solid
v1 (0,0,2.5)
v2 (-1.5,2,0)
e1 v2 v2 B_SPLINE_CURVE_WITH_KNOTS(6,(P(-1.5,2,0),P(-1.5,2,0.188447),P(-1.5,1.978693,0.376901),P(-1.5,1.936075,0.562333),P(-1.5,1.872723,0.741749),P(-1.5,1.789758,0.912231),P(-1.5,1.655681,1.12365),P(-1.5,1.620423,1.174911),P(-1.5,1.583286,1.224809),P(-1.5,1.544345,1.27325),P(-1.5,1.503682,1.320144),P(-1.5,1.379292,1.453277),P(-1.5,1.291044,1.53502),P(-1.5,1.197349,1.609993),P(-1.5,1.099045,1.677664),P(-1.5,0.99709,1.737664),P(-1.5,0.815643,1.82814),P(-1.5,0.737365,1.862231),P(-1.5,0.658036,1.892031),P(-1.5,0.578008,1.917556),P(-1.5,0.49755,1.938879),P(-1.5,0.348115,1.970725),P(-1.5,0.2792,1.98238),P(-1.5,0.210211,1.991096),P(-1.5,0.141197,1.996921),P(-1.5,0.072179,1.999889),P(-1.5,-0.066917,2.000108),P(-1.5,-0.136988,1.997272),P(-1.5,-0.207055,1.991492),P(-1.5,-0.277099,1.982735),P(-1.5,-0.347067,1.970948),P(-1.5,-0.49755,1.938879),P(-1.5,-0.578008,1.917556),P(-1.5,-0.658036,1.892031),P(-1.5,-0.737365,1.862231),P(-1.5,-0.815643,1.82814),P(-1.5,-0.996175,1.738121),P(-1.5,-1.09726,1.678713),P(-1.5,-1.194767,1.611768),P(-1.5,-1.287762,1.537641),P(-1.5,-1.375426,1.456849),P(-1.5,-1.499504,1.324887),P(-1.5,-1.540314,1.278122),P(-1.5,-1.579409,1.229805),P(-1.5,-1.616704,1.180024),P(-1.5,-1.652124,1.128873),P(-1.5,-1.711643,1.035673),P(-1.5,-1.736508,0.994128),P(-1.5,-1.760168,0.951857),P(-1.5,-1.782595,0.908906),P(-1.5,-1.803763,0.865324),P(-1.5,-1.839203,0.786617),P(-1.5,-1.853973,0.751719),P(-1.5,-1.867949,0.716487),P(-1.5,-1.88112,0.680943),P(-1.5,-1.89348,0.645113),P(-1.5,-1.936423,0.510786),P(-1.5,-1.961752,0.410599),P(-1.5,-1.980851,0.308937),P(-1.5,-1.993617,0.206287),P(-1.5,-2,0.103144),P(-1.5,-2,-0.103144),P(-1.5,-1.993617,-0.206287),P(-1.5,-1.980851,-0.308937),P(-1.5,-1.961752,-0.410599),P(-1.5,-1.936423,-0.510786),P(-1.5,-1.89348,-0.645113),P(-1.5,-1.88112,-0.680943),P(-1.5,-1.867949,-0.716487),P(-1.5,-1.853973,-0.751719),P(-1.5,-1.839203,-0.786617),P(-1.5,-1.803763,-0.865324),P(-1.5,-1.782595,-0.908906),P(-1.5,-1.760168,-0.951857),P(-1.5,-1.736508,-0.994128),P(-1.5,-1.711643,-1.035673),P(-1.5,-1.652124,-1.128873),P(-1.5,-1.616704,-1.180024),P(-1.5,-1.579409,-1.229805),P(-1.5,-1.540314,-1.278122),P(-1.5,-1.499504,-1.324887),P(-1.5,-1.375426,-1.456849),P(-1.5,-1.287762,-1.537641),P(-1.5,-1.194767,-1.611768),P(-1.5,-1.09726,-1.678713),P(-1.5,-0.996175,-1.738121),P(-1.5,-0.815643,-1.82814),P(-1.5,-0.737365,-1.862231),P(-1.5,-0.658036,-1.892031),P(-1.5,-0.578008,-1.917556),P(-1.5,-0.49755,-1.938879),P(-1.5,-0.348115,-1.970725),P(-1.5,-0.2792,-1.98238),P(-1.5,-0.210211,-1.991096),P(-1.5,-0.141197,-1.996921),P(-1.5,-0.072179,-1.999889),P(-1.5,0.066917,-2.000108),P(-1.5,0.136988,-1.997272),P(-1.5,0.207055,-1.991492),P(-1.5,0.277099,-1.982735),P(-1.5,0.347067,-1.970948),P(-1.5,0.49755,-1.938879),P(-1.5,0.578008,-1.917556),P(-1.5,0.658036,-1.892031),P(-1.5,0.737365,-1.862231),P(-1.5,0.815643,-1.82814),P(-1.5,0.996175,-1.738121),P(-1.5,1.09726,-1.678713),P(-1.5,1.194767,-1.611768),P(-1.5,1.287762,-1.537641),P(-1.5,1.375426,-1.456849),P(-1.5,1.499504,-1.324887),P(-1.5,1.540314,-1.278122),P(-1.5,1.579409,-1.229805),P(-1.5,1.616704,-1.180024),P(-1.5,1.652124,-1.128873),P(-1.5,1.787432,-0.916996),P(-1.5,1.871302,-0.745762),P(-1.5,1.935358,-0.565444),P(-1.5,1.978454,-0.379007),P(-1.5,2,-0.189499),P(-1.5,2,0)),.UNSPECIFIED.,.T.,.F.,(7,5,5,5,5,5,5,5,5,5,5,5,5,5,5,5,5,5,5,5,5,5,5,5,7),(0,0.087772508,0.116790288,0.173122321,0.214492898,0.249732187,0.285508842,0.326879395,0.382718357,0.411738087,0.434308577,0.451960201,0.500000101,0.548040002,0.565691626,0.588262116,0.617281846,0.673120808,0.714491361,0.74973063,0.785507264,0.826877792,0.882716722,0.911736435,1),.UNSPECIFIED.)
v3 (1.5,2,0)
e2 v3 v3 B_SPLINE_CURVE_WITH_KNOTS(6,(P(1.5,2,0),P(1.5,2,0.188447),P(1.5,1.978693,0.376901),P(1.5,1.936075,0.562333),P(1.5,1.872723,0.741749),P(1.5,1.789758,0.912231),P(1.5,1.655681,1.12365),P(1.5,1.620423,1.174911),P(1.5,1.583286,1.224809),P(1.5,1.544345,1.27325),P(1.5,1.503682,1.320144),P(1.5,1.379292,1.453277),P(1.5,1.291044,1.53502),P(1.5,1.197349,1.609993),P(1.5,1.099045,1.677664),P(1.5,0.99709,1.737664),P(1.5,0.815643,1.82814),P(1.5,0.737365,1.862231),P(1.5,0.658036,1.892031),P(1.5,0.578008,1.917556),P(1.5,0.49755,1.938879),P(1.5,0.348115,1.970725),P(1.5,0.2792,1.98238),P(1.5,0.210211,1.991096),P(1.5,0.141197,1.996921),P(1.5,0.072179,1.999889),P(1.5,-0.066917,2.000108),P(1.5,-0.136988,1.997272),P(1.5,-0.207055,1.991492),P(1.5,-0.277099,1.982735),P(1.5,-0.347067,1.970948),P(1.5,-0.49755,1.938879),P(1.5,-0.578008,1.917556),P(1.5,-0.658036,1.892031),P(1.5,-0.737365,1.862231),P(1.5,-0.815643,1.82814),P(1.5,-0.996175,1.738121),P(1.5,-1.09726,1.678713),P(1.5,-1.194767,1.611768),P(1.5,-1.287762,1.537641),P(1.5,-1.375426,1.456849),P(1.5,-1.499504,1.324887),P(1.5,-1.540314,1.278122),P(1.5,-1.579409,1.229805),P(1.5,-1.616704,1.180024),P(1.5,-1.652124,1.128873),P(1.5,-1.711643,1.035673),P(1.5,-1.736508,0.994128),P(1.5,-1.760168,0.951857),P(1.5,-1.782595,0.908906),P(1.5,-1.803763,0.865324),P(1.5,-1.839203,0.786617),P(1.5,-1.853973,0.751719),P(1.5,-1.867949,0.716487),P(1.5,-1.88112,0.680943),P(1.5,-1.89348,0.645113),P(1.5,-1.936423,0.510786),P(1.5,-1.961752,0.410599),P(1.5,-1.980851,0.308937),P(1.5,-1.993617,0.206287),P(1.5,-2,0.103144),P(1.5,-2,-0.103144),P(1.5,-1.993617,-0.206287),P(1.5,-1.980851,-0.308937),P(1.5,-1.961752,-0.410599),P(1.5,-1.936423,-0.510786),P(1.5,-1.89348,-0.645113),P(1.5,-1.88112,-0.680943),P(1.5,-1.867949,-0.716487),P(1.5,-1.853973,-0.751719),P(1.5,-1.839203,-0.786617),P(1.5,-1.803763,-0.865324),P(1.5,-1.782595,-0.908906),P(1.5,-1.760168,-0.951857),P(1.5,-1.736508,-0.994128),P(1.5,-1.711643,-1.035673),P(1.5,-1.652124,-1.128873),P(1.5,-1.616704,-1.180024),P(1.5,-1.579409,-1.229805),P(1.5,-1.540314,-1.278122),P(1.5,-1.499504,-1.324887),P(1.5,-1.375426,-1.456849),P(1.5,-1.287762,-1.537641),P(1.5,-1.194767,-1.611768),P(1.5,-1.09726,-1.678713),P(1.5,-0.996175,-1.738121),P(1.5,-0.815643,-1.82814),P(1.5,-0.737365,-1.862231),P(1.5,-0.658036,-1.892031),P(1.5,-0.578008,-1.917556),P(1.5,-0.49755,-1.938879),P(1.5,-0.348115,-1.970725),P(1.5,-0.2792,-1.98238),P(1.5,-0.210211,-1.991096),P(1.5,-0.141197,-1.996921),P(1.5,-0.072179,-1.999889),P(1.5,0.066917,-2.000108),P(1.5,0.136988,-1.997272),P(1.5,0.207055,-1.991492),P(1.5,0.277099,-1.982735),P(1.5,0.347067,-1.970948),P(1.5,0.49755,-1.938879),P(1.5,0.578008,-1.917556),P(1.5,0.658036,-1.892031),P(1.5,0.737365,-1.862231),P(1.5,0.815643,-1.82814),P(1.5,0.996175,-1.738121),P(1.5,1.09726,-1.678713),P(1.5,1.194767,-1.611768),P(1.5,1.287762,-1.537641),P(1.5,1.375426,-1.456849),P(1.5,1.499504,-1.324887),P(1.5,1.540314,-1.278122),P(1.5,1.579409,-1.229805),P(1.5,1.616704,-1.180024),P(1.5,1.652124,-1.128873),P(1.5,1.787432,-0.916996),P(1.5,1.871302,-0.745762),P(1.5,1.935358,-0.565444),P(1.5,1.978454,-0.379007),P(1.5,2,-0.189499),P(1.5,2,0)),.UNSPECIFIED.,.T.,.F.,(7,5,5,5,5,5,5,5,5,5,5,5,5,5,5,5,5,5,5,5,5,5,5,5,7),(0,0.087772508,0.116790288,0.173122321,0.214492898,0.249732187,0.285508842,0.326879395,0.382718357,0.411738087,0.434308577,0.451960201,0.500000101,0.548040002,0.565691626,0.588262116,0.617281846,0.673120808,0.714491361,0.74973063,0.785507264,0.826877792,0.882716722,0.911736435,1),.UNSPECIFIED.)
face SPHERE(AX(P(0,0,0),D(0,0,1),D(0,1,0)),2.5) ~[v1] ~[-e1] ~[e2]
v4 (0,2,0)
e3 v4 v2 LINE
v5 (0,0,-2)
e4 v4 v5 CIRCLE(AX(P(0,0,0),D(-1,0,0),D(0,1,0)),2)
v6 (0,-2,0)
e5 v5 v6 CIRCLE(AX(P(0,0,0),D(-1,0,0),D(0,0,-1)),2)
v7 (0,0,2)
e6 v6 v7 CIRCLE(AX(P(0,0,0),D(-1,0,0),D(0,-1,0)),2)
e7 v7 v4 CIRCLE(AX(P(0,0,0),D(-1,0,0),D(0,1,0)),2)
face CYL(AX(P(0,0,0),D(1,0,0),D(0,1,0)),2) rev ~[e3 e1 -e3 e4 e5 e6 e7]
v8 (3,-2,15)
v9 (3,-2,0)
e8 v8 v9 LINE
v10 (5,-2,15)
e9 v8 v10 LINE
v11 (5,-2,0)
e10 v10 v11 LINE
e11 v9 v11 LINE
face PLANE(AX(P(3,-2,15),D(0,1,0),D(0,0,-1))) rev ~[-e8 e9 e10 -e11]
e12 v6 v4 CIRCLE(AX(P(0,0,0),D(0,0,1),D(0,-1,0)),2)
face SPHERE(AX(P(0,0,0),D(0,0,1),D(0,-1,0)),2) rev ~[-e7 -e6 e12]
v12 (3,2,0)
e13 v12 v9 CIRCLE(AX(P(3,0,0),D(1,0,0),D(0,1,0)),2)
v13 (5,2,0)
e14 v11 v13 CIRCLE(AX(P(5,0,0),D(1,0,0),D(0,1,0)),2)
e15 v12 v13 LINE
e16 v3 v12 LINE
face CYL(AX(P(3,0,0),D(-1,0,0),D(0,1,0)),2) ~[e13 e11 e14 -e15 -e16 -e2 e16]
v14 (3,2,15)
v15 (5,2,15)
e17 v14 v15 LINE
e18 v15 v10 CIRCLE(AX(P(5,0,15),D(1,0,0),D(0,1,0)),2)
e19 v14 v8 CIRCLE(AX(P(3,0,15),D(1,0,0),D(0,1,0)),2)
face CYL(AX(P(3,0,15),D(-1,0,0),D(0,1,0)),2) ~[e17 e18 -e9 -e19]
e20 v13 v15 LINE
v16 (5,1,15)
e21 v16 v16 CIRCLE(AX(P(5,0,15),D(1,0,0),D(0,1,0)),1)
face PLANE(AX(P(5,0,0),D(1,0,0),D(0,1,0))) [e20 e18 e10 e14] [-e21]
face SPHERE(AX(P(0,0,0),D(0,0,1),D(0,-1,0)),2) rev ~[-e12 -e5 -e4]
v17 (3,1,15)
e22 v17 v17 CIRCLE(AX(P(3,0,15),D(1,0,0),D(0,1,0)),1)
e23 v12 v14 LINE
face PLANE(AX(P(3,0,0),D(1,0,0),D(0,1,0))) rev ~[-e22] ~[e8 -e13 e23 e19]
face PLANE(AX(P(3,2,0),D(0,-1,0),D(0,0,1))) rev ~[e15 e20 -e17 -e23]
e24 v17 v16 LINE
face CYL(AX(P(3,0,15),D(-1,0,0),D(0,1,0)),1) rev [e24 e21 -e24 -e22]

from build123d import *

# Parameters (mm, degrees)
F2_R     = 2
F3_DEPTH = 2.5
F4_R     = 2
F5_DEPTH = 3
F6_R     = 1
F7_DEPTH = 2


with BuildPart() as f1:
    # F0 (on Right) → F1 (revolve)
    with BuildSketch(Plane.YZ):
        with BuildLine():
            ThreePointArc((0, -2.5), (2.5, 0), (0, 2.5))
            Line((0, 2.5), (0, 2))
            ThreePointArc((0, 2), (2, 0), (0, -2))
            Line((0, -2), (0, -2.5))
        make_face()
    revolve(axis=Axis((0, 0, 0), (0, 0, -1)))

    # F2 (on Right) → F3 (cut)
    with BuildSketch(Plane.YZ):
        Circle(F2_R)
    extrude(amount=-F3_DEPTH, mode=Mode.SUBTRACT)

    # F4 (on Right) → F5 (join)
    with BuildSketch(Plane.YZ):
        Circle(F4_R)
    extrude(amount=F5_DEPTH)

    # F6 (on face) → F7 (join)
    with BuildSketch(Plane.YZ.offset(3)):
        with BuildLine():
            ThreePointArc((-2, 0), (0, -2), (2, 0))
            ThreePointArc((2, 0), (0, 2), (-2, 0))
        make_face()
        with BuildLine():
            ThreePointArc((-2, 0), (0, 2), (2, 0))
            Line((2, 0), (2, 15))
            ThreePointArc((2, 15), (0, 13), (-2, 15))
            Line((-2, 15), (-2, 0))
        make_face()
        with BuildLine():
            ThreePointArc((-2, 15), (0, 13), (2, 15))
            ThreePointArc((2, 15), (0, 17), (-2, 15))
        make_face()
        with Locations((0, 15)):
            Circle(F6_R, mode=Mode.SUBTRACT)
    extrude(amount=F7_DEPTH)

    # F8 (on face) → F9 (revolve, cut)
    with BuildSketch(Plane(origin=(0, 0, 0), x_dir=(0, -1, 0), z_dir=(-1, 0, 0))):
        with BuildLine():
            Line((0, 2), (0, -2))
            ThreePointArc((0, -2), (1.4142135624, -1.4142135624), (2, 0))
            ThreePointArc((2, 0), (1.4142135624, 1.4142135624), (0, 2))
        make_face()
    revolve(axis=Axis((0, 0, 0), (0, 0, 1)), mode=Mode.SUBTRACT)


solid = f1.part
